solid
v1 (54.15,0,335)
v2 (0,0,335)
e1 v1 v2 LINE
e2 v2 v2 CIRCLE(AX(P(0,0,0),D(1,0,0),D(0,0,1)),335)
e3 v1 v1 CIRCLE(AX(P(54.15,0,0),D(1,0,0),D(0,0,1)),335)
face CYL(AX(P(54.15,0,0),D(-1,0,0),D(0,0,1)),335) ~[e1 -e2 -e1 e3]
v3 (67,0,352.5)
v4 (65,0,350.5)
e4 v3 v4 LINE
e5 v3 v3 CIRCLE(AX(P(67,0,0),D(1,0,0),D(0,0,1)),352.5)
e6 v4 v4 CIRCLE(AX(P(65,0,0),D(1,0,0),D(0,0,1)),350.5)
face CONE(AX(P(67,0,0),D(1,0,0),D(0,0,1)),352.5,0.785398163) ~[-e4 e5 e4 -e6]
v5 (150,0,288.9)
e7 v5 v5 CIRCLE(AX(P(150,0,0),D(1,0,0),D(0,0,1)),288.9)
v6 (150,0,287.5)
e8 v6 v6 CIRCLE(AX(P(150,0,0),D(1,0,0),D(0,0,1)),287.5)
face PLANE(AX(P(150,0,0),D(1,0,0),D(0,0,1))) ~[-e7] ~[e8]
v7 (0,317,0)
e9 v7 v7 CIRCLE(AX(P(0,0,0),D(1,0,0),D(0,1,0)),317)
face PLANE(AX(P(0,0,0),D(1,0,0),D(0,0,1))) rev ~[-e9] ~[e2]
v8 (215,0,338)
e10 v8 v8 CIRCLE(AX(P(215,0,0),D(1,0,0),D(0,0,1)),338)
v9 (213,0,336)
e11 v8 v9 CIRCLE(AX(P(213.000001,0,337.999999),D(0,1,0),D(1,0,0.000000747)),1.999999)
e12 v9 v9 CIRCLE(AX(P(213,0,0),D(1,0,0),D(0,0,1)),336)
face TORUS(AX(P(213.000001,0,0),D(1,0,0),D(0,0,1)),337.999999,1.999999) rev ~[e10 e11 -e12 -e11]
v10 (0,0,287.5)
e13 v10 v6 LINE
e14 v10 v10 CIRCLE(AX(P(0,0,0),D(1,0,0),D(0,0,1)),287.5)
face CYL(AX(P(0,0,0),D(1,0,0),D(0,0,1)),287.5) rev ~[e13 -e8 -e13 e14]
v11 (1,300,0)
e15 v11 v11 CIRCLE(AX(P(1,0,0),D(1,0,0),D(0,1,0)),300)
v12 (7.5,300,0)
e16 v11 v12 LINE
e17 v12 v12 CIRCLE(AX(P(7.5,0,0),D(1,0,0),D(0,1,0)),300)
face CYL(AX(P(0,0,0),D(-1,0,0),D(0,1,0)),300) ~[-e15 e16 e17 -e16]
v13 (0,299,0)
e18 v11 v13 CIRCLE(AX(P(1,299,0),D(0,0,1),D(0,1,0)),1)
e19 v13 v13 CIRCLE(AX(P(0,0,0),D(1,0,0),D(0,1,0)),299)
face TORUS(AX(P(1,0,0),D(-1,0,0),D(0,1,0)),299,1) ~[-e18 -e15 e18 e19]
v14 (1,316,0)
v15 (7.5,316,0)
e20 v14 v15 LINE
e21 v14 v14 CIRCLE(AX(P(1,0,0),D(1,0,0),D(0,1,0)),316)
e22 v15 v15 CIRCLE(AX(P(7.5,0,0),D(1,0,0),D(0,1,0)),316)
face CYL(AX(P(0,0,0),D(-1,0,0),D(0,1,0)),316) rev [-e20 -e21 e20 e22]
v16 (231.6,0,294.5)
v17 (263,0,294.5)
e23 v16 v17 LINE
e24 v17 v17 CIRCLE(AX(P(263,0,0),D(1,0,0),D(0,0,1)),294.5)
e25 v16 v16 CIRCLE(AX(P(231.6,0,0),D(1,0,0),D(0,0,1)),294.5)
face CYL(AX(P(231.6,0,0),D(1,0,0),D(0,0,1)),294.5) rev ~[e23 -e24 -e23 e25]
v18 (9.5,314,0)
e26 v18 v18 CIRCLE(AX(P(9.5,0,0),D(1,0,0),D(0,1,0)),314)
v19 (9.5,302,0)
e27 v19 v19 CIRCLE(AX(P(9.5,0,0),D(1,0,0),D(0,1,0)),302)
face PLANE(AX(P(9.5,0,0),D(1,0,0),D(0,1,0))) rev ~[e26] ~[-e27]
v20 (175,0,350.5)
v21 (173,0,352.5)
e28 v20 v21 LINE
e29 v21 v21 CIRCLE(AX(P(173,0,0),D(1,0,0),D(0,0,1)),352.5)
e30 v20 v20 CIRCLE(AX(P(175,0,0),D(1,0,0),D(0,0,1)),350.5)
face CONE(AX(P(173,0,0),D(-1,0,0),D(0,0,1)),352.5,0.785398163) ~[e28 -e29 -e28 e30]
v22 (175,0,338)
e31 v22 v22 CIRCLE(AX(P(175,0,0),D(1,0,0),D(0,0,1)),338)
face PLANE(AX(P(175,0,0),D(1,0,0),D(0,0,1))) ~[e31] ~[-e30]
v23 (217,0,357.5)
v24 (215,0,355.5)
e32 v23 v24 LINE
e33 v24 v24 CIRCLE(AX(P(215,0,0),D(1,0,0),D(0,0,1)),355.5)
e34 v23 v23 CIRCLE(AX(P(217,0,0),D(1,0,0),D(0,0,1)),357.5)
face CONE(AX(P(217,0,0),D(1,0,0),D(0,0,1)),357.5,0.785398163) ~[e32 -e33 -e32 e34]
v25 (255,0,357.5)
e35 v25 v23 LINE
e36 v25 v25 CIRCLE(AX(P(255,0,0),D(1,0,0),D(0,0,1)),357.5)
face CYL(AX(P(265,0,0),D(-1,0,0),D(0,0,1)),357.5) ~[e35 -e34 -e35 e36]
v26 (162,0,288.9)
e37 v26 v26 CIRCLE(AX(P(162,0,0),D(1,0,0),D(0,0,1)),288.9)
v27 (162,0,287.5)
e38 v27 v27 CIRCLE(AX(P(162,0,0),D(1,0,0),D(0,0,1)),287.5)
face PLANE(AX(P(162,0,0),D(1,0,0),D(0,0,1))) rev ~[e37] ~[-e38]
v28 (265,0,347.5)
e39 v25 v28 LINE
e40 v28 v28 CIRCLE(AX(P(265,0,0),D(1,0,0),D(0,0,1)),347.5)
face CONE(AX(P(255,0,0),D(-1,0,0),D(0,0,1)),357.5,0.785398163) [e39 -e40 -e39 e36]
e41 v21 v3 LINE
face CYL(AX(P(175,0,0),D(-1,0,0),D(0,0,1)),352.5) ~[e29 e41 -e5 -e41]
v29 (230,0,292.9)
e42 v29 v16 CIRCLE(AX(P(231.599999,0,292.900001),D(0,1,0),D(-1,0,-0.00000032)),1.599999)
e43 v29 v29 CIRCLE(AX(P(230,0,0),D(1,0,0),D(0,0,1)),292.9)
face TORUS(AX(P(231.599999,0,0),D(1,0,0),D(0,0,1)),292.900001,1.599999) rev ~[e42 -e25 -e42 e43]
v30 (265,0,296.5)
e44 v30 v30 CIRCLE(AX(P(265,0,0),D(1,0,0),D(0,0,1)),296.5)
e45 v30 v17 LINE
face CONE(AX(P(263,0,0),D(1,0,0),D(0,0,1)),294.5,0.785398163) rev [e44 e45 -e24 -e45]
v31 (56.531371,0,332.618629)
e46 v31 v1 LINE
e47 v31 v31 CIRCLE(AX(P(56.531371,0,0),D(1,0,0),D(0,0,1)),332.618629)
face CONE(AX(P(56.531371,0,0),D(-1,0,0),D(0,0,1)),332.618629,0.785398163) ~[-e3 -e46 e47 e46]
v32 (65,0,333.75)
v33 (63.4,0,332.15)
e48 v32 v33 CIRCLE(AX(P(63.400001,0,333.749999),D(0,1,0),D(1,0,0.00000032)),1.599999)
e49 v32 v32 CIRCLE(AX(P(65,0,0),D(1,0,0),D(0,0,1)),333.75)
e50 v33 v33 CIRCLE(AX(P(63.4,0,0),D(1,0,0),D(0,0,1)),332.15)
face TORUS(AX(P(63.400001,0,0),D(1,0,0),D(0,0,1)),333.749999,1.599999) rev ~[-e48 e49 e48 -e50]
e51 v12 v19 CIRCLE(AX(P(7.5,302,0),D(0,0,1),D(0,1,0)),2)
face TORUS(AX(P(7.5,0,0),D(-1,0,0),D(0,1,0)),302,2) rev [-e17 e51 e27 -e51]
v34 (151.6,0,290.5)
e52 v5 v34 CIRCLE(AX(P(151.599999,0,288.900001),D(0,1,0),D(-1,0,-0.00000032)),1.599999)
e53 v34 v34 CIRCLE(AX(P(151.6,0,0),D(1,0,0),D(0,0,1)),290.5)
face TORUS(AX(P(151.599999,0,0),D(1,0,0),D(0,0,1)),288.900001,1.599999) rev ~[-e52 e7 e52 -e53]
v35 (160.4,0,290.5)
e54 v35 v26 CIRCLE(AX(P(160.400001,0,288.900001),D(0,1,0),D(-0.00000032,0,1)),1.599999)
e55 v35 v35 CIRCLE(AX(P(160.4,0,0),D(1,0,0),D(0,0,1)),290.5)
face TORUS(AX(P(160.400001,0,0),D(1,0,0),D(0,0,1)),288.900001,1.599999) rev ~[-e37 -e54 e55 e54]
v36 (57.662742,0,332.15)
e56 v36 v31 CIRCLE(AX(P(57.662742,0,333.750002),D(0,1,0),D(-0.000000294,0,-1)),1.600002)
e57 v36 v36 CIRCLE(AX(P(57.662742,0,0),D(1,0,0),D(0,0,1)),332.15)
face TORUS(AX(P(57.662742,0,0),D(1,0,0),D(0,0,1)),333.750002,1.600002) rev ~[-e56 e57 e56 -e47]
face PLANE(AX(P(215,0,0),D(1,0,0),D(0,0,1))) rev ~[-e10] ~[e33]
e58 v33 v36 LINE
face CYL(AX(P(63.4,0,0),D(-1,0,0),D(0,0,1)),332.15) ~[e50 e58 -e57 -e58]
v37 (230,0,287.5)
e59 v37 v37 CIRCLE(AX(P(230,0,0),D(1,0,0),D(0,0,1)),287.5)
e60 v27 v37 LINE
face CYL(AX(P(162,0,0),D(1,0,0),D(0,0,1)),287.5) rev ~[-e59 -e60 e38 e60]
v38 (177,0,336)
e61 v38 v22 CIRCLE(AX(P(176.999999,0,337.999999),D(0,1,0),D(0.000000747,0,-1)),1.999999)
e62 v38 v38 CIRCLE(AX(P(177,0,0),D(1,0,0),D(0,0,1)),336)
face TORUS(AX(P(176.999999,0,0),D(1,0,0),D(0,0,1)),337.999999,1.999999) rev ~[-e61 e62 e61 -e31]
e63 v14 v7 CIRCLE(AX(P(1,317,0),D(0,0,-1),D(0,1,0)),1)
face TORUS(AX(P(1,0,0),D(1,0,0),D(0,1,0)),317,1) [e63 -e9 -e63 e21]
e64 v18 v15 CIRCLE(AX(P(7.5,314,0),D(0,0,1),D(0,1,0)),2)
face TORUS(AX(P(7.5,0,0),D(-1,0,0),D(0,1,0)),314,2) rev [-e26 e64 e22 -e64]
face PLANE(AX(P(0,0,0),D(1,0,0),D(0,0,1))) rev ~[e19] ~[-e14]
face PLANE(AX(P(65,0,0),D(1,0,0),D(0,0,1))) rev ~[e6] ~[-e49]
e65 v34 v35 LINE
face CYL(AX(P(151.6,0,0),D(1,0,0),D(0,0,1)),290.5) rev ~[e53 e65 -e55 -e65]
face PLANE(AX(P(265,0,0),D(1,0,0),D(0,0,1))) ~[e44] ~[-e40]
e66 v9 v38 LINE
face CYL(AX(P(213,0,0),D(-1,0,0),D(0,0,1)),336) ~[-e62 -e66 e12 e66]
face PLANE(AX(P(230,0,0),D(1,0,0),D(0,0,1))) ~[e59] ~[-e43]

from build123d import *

# Parameters (mm, degrees)
F2_SIZE  = 2
F3_SIZE  = 10
F4_SIZE  = 2
F5_R     = 316
F5_R_2   = 300
F6_DEPTH = 9.5
F7_R     = 2
F8_R     = 1


with BuildPart() as f1:
    # F0 (on Front) → F1 (revolve)
    with BuildSketch(Plane.XZ):
        with BuildLine():
            Line((0, 335), (0, 287.5))
            Line((0, 287.5), (150, 287.5))
            Line((150, 287.5), (150, 288.9))
            ThreePointArc((150, 288.9), (150.468629, 290.031371), (151.6, 290.5))
            Line((151.6, 290.5), (160.4, 290.5))
            ThreePointArc((160.4, 290.5), (161.531371, 290.031371), (162, 288.9))
            Line((162, 288.9), (162, 287.5))
            Line((162, 287.5), (230, 287.5))
            Line((230, 287.5), (230, 292.9))
            ThreePointArc((230, 292.9), (230.468629, 294.031371), (231.6, 294.5))
            Line((231.6, 294.5), (265, 294.5))
            Line((265, 294.5), (265, 357.5))
            Line((265, 357.5), (215, 357.5))
            Line((215, 357.5), (215, 338))
            ThreePointArc((215, 338), (214.414214, 336.585786), (213, 336))
            Line((213, 336), (177, 336))
            ThreePointArc((177, 336), (175.585786, 336.585786), (175, 338))
            Line((175, 338), (175, 352.5))
            Line((175, 352.5), (65, 352.5))
            Line((65, 352.5), (65, 333.75))
            ThreePointArc((65, 333.75), (64.531371, 332.618629), (63.4, 332.15))
            Line((63.4, 332.15), (57.662742, 332.15))
            ThreePointArc((57.662742, 332.15), (57.050448, 332.271793), (56.531371, 332.618629))
            Line((56.531371, 332.618629), (54.15, 335))
            Line((54.15, 335), (0, 335))
        make_face()
    revolve(axis=Axis((160.925373, 0, 0), (1, 0, 0)))

    # F2
    f2_edges = [f1.edges().sort_by_distance(p)[0] for p in [
        (175, 0, -352.5),
        (215, 0, -357.5),
        (65, 0, -352.5),
    ]]
    chamfer(f2_edges, length=F2_SIZE)

    # F3
    f3_edges = [f1.edges().sort_by_distance(p)[0] for p in [
        (265, 0, -357.5),
    ]]
    chamfer(f3_edges, length=F3_SIZE)

    # F4
    f4_edges = [f1.edges().sort_by_distance(p)[0] for p in [
        (265, 0, -294.5),
    ]]
    chamfer(f4_edges, length=F4_SIZE)

    # F5 (on Right) → F6 (cut)
    with BuildSketch(Plane.YZ):
        Circle(F5_R)
        Circle(F5_R_2, mode=Mode.SUBTRACT)
    extrude(amount=F6_DEPTH, mode=Mode.SUBTRACT)

    # F7
    f7_edges = [f1.edges().sort_by_distance(p)[0] for p in [
        (9.5, -300, 0),
        (9.5, -316, 0),
    ]]
    fillet(f7_edges, radius=F7_R)

    # F8
    f8_edges = [f1.edges().sort_by_distance(p)[0] for p in [
        (0, -316, 0),
        (0, -300, 0),
    ]]
    fillet(f8_edges, radius=F8_R)


solid = f1.part
